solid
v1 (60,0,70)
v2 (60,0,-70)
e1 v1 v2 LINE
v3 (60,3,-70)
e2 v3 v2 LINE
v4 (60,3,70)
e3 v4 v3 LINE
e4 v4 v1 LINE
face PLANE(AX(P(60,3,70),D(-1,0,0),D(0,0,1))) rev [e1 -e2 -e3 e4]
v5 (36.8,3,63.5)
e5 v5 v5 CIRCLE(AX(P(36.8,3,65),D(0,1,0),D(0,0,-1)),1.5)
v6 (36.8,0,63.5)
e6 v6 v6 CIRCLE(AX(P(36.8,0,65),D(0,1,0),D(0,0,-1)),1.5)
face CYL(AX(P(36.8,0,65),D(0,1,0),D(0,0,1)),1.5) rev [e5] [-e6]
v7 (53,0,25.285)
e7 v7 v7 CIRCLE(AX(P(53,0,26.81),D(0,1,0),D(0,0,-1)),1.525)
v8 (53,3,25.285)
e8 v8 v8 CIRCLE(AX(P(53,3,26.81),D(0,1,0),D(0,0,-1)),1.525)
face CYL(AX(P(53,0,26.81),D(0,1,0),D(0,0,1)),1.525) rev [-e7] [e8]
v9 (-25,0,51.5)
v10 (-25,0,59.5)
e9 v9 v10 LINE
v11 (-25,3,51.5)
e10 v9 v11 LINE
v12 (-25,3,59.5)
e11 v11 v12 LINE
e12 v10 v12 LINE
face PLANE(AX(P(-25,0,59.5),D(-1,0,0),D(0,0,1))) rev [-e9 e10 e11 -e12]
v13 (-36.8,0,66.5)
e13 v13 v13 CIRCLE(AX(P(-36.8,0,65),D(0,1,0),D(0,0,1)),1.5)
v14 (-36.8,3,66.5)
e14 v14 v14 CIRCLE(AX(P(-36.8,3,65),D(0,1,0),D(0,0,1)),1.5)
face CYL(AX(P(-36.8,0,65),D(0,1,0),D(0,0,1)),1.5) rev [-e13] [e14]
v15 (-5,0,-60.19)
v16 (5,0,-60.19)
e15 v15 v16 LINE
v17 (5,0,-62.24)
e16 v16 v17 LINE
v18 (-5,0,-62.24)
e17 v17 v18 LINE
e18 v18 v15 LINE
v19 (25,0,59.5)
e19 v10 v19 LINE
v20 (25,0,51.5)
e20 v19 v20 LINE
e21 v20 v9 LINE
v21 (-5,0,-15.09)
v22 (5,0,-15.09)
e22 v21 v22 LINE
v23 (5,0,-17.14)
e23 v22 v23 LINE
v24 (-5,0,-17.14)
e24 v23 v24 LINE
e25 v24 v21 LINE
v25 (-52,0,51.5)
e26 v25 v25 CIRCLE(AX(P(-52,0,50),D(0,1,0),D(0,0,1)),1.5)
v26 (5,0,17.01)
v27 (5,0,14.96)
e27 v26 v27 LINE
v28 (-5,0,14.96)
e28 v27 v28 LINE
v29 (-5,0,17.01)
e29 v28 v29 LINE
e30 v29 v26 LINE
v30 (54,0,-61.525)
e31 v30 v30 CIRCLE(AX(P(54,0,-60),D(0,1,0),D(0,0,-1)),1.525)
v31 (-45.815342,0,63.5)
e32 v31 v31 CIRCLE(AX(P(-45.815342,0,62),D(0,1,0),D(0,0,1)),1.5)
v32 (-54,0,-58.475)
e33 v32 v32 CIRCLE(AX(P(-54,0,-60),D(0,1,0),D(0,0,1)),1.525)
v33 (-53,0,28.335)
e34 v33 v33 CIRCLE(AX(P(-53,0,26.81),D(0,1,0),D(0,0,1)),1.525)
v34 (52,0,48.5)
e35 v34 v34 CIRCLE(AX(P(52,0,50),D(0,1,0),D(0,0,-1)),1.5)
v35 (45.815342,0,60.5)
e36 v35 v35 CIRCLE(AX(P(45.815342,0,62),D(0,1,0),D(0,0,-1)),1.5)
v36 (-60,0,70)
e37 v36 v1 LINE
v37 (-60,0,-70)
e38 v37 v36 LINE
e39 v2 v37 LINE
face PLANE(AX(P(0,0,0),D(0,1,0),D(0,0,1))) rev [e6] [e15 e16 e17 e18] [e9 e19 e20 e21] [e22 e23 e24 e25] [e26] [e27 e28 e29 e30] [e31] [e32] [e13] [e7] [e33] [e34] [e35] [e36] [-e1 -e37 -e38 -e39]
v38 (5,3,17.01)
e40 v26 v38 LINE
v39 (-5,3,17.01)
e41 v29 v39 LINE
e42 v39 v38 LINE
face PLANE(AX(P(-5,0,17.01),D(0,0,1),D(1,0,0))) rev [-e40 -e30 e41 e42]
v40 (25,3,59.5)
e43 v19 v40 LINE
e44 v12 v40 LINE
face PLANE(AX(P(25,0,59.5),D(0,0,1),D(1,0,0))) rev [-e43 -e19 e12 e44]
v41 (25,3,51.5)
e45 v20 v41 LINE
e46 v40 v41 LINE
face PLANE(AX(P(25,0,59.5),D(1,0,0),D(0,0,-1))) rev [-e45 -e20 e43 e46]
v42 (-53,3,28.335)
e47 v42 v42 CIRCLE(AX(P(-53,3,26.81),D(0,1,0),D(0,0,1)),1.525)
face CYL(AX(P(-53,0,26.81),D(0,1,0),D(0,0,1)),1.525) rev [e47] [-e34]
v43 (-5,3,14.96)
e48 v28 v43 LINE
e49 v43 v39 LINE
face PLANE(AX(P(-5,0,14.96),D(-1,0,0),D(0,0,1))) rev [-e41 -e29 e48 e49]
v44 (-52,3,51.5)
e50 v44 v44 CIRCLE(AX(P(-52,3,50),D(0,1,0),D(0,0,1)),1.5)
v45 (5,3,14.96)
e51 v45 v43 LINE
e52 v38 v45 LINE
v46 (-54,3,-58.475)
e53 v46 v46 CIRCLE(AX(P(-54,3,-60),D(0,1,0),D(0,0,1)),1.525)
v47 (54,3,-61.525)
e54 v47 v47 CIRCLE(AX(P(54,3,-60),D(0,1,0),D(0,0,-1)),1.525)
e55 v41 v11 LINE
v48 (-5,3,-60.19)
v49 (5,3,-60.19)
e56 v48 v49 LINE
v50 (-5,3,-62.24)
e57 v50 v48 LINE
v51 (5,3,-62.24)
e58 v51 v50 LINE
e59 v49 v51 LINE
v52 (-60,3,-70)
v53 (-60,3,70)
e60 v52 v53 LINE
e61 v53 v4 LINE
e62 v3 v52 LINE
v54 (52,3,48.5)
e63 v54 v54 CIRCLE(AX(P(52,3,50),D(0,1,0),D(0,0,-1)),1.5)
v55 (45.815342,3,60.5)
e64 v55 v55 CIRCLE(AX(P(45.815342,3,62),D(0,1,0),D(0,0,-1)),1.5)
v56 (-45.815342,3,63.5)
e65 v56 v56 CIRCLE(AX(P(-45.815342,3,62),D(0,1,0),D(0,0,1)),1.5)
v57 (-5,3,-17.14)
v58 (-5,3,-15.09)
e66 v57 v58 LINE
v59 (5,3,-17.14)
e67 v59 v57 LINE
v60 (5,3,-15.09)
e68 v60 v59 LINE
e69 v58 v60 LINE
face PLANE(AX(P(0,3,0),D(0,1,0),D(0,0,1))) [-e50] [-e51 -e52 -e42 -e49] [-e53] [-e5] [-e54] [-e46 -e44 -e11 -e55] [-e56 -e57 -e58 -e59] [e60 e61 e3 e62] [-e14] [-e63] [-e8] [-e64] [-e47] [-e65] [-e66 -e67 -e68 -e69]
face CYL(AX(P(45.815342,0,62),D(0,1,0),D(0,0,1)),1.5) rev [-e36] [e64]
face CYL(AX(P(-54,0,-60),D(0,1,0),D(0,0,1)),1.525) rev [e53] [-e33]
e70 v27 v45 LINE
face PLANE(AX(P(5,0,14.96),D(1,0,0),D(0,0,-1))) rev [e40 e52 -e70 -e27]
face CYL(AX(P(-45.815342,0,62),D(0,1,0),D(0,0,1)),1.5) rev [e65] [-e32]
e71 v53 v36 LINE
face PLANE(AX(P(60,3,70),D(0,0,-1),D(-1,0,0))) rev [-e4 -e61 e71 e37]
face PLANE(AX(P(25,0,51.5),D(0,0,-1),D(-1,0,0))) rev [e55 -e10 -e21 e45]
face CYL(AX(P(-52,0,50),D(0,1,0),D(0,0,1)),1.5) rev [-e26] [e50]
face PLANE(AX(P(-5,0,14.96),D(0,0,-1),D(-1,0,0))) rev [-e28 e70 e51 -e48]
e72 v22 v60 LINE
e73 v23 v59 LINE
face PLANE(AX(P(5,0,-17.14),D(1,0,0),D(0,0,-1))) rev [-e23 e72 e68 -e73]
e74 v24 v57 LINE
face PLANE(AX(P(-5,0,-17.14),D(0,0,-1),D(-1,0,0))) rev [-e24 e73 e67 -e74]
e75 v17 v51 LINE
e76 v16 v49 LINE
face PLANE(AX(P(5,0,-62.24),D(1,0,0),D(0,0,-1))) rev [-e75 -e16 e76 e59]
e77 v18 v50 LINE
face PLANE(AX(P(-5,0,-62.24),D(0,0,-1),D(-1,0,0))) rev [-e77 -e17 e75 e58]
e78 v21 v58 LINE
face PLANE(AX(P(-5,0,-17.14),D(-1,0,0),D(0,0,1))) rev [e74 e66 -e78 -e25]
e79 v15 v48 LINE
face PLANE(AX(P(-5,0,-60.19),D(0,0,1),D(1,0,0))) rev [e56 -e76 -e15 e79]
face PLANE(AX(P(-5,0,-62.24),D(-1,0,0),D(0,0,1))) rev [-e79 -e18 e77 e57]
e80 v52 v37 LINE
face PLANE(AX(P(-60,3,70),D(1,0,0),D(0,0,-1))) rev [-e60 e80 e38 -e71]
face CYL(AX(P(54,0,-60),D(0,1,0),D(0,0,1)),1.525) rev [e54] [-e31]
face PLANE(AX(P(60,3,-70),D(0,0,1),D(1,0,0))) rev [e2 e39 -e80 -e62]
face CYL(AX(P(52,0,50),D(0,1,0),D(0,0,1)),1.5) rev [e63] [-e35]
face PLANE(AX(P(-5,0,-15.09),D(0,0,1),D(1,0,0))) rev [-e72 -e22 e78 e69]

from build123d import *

# Parameters (mm, degrees)
SKETCH1_W           = 120
SKETCH1_H           = 140
BOSS_EXTRUDE1_DEPTH = 3
SKETCH2_R           = 1.525
CUT_EXTRUDE1_DEPTH  = 93.244241013
SKETCH3_W           = 10
SKETCH3_H           = 2.05
CUT_EXTRUDE2_DEPTH  = 93.244241013
SKETCH4_R           = 1.5
CUT_EXTRUDE3_DEPTH  = 3
SKETCH5_R           = 1.5
SKETCH5_W           = 50
SKETCH5_H           = 8
CUT_EXTRUDE4_DEPTH  = 3


with BuildPart() as part:
    # Sketch1 → Boss-Extrude1 (new body)
    with BuildSketch(Plane(origin=(0, 0, 0), x_dir=(1, 0, 0), z_dir=(0, 1, 0))):
        Rectangle(SKETCH1_W, SKETCH1_H)
    extrude(amount=BOSS_EXTRUDE1_DEPTH)

    # Sketch2 → Cut-Extrude1 (cut, through all)
    with BuildSketch(Plane(origin=(0, 3, 0), x_dir=(1, 0, 0), z_dir=(0, 1, 0))):
        with Locations(Location((-53, -26.81, 0), (0, 0, 270))):
            Circle(SKETCH2_R)
        with Locations(Location((-54, 60, 0), (0, 0, 270))):
            Circle(SKETCH2_R)
        with Locations(Location((53, -26.81, 0), (0, 0, 90))):
            Circle(SKETCH2_R)
        with Locations(Location((54, 60, 0), (0, 0, 90))):
            Circle(SKETCH2_R)
    extrude(amount=-CUT_EXTRUDE1_DEPTH, mode=Mode.SUBTRACT)

    # Sketch3 → Cut-Extrude2 (cut, through all)
    with BuildSketch(Plane(origin=(0, 3, 0), x_dir=(1, 0, 0), z_dir=(0, 1, 0))):
        with Locations((0, 16.115)):
            Rectangle(SKETCH3_W, SKETCH3_H)
        with Locations((0, -15.985)):
            Rectangle(SKETCH3_W, SKETCH3_H)
        with Locations((0, 61.215)):
            Rectangle(SKETCH3_W, SKETCH3_H)
    extrude(amount=-CUT_EXTRUDE2_DEPTH, mode=Mode.SUBTRACT)

    # Sketch4 → Cut-Extrude3 (cut)
    with BuildSketch(Plane(origin=(0, 3, 0), x_dir=(1, 0, 0), z_dir=(0, 1, 0))):
        with Locations(Location((-52, -50, 0), (0, 0, 270))):
            Circle(SKETCH4_R)
        with Locations(Location((-45.815341562, -62, 0), (0, 0, 270))):
            Circle(SKETCH4_R)
        with Locations(Location((45.815341562, -62, 0), (0, 0, 90))):
            Circle(SKETCH4_R)
        with Locations(Location((52, -50, 0), (0, 0, 90))):
            Circle(SKETCH4_R)
    extrude(amount=-CUT_EXTRUDE3_DEPTH, mode=Mode.SUBTRACT)

    # Sketch5 → Cut-Extrude4 (cut)
    with BuildSketch(Plane(origin=(0, 3, 0), x_dir=(1, 0, 0), z_dir=(0, 1, 0))):
        with Locations(Location((-36.8, -65, 0), (0, 0, 270))):
            Circle(SKETCH5_R)
        with Locations(Location((36.8, -65, 0), (0, 0, 90))):
            Circle(SKETCH5_R)
        with Locations((0, -55.5)):
            Rectangle(SKETCH5_W, SKETCH5_H)
    extrude(amount=-CUT_EXTRUDE4_DEPTH, mode=Mode.SUBTRACT)


solid = part.part
